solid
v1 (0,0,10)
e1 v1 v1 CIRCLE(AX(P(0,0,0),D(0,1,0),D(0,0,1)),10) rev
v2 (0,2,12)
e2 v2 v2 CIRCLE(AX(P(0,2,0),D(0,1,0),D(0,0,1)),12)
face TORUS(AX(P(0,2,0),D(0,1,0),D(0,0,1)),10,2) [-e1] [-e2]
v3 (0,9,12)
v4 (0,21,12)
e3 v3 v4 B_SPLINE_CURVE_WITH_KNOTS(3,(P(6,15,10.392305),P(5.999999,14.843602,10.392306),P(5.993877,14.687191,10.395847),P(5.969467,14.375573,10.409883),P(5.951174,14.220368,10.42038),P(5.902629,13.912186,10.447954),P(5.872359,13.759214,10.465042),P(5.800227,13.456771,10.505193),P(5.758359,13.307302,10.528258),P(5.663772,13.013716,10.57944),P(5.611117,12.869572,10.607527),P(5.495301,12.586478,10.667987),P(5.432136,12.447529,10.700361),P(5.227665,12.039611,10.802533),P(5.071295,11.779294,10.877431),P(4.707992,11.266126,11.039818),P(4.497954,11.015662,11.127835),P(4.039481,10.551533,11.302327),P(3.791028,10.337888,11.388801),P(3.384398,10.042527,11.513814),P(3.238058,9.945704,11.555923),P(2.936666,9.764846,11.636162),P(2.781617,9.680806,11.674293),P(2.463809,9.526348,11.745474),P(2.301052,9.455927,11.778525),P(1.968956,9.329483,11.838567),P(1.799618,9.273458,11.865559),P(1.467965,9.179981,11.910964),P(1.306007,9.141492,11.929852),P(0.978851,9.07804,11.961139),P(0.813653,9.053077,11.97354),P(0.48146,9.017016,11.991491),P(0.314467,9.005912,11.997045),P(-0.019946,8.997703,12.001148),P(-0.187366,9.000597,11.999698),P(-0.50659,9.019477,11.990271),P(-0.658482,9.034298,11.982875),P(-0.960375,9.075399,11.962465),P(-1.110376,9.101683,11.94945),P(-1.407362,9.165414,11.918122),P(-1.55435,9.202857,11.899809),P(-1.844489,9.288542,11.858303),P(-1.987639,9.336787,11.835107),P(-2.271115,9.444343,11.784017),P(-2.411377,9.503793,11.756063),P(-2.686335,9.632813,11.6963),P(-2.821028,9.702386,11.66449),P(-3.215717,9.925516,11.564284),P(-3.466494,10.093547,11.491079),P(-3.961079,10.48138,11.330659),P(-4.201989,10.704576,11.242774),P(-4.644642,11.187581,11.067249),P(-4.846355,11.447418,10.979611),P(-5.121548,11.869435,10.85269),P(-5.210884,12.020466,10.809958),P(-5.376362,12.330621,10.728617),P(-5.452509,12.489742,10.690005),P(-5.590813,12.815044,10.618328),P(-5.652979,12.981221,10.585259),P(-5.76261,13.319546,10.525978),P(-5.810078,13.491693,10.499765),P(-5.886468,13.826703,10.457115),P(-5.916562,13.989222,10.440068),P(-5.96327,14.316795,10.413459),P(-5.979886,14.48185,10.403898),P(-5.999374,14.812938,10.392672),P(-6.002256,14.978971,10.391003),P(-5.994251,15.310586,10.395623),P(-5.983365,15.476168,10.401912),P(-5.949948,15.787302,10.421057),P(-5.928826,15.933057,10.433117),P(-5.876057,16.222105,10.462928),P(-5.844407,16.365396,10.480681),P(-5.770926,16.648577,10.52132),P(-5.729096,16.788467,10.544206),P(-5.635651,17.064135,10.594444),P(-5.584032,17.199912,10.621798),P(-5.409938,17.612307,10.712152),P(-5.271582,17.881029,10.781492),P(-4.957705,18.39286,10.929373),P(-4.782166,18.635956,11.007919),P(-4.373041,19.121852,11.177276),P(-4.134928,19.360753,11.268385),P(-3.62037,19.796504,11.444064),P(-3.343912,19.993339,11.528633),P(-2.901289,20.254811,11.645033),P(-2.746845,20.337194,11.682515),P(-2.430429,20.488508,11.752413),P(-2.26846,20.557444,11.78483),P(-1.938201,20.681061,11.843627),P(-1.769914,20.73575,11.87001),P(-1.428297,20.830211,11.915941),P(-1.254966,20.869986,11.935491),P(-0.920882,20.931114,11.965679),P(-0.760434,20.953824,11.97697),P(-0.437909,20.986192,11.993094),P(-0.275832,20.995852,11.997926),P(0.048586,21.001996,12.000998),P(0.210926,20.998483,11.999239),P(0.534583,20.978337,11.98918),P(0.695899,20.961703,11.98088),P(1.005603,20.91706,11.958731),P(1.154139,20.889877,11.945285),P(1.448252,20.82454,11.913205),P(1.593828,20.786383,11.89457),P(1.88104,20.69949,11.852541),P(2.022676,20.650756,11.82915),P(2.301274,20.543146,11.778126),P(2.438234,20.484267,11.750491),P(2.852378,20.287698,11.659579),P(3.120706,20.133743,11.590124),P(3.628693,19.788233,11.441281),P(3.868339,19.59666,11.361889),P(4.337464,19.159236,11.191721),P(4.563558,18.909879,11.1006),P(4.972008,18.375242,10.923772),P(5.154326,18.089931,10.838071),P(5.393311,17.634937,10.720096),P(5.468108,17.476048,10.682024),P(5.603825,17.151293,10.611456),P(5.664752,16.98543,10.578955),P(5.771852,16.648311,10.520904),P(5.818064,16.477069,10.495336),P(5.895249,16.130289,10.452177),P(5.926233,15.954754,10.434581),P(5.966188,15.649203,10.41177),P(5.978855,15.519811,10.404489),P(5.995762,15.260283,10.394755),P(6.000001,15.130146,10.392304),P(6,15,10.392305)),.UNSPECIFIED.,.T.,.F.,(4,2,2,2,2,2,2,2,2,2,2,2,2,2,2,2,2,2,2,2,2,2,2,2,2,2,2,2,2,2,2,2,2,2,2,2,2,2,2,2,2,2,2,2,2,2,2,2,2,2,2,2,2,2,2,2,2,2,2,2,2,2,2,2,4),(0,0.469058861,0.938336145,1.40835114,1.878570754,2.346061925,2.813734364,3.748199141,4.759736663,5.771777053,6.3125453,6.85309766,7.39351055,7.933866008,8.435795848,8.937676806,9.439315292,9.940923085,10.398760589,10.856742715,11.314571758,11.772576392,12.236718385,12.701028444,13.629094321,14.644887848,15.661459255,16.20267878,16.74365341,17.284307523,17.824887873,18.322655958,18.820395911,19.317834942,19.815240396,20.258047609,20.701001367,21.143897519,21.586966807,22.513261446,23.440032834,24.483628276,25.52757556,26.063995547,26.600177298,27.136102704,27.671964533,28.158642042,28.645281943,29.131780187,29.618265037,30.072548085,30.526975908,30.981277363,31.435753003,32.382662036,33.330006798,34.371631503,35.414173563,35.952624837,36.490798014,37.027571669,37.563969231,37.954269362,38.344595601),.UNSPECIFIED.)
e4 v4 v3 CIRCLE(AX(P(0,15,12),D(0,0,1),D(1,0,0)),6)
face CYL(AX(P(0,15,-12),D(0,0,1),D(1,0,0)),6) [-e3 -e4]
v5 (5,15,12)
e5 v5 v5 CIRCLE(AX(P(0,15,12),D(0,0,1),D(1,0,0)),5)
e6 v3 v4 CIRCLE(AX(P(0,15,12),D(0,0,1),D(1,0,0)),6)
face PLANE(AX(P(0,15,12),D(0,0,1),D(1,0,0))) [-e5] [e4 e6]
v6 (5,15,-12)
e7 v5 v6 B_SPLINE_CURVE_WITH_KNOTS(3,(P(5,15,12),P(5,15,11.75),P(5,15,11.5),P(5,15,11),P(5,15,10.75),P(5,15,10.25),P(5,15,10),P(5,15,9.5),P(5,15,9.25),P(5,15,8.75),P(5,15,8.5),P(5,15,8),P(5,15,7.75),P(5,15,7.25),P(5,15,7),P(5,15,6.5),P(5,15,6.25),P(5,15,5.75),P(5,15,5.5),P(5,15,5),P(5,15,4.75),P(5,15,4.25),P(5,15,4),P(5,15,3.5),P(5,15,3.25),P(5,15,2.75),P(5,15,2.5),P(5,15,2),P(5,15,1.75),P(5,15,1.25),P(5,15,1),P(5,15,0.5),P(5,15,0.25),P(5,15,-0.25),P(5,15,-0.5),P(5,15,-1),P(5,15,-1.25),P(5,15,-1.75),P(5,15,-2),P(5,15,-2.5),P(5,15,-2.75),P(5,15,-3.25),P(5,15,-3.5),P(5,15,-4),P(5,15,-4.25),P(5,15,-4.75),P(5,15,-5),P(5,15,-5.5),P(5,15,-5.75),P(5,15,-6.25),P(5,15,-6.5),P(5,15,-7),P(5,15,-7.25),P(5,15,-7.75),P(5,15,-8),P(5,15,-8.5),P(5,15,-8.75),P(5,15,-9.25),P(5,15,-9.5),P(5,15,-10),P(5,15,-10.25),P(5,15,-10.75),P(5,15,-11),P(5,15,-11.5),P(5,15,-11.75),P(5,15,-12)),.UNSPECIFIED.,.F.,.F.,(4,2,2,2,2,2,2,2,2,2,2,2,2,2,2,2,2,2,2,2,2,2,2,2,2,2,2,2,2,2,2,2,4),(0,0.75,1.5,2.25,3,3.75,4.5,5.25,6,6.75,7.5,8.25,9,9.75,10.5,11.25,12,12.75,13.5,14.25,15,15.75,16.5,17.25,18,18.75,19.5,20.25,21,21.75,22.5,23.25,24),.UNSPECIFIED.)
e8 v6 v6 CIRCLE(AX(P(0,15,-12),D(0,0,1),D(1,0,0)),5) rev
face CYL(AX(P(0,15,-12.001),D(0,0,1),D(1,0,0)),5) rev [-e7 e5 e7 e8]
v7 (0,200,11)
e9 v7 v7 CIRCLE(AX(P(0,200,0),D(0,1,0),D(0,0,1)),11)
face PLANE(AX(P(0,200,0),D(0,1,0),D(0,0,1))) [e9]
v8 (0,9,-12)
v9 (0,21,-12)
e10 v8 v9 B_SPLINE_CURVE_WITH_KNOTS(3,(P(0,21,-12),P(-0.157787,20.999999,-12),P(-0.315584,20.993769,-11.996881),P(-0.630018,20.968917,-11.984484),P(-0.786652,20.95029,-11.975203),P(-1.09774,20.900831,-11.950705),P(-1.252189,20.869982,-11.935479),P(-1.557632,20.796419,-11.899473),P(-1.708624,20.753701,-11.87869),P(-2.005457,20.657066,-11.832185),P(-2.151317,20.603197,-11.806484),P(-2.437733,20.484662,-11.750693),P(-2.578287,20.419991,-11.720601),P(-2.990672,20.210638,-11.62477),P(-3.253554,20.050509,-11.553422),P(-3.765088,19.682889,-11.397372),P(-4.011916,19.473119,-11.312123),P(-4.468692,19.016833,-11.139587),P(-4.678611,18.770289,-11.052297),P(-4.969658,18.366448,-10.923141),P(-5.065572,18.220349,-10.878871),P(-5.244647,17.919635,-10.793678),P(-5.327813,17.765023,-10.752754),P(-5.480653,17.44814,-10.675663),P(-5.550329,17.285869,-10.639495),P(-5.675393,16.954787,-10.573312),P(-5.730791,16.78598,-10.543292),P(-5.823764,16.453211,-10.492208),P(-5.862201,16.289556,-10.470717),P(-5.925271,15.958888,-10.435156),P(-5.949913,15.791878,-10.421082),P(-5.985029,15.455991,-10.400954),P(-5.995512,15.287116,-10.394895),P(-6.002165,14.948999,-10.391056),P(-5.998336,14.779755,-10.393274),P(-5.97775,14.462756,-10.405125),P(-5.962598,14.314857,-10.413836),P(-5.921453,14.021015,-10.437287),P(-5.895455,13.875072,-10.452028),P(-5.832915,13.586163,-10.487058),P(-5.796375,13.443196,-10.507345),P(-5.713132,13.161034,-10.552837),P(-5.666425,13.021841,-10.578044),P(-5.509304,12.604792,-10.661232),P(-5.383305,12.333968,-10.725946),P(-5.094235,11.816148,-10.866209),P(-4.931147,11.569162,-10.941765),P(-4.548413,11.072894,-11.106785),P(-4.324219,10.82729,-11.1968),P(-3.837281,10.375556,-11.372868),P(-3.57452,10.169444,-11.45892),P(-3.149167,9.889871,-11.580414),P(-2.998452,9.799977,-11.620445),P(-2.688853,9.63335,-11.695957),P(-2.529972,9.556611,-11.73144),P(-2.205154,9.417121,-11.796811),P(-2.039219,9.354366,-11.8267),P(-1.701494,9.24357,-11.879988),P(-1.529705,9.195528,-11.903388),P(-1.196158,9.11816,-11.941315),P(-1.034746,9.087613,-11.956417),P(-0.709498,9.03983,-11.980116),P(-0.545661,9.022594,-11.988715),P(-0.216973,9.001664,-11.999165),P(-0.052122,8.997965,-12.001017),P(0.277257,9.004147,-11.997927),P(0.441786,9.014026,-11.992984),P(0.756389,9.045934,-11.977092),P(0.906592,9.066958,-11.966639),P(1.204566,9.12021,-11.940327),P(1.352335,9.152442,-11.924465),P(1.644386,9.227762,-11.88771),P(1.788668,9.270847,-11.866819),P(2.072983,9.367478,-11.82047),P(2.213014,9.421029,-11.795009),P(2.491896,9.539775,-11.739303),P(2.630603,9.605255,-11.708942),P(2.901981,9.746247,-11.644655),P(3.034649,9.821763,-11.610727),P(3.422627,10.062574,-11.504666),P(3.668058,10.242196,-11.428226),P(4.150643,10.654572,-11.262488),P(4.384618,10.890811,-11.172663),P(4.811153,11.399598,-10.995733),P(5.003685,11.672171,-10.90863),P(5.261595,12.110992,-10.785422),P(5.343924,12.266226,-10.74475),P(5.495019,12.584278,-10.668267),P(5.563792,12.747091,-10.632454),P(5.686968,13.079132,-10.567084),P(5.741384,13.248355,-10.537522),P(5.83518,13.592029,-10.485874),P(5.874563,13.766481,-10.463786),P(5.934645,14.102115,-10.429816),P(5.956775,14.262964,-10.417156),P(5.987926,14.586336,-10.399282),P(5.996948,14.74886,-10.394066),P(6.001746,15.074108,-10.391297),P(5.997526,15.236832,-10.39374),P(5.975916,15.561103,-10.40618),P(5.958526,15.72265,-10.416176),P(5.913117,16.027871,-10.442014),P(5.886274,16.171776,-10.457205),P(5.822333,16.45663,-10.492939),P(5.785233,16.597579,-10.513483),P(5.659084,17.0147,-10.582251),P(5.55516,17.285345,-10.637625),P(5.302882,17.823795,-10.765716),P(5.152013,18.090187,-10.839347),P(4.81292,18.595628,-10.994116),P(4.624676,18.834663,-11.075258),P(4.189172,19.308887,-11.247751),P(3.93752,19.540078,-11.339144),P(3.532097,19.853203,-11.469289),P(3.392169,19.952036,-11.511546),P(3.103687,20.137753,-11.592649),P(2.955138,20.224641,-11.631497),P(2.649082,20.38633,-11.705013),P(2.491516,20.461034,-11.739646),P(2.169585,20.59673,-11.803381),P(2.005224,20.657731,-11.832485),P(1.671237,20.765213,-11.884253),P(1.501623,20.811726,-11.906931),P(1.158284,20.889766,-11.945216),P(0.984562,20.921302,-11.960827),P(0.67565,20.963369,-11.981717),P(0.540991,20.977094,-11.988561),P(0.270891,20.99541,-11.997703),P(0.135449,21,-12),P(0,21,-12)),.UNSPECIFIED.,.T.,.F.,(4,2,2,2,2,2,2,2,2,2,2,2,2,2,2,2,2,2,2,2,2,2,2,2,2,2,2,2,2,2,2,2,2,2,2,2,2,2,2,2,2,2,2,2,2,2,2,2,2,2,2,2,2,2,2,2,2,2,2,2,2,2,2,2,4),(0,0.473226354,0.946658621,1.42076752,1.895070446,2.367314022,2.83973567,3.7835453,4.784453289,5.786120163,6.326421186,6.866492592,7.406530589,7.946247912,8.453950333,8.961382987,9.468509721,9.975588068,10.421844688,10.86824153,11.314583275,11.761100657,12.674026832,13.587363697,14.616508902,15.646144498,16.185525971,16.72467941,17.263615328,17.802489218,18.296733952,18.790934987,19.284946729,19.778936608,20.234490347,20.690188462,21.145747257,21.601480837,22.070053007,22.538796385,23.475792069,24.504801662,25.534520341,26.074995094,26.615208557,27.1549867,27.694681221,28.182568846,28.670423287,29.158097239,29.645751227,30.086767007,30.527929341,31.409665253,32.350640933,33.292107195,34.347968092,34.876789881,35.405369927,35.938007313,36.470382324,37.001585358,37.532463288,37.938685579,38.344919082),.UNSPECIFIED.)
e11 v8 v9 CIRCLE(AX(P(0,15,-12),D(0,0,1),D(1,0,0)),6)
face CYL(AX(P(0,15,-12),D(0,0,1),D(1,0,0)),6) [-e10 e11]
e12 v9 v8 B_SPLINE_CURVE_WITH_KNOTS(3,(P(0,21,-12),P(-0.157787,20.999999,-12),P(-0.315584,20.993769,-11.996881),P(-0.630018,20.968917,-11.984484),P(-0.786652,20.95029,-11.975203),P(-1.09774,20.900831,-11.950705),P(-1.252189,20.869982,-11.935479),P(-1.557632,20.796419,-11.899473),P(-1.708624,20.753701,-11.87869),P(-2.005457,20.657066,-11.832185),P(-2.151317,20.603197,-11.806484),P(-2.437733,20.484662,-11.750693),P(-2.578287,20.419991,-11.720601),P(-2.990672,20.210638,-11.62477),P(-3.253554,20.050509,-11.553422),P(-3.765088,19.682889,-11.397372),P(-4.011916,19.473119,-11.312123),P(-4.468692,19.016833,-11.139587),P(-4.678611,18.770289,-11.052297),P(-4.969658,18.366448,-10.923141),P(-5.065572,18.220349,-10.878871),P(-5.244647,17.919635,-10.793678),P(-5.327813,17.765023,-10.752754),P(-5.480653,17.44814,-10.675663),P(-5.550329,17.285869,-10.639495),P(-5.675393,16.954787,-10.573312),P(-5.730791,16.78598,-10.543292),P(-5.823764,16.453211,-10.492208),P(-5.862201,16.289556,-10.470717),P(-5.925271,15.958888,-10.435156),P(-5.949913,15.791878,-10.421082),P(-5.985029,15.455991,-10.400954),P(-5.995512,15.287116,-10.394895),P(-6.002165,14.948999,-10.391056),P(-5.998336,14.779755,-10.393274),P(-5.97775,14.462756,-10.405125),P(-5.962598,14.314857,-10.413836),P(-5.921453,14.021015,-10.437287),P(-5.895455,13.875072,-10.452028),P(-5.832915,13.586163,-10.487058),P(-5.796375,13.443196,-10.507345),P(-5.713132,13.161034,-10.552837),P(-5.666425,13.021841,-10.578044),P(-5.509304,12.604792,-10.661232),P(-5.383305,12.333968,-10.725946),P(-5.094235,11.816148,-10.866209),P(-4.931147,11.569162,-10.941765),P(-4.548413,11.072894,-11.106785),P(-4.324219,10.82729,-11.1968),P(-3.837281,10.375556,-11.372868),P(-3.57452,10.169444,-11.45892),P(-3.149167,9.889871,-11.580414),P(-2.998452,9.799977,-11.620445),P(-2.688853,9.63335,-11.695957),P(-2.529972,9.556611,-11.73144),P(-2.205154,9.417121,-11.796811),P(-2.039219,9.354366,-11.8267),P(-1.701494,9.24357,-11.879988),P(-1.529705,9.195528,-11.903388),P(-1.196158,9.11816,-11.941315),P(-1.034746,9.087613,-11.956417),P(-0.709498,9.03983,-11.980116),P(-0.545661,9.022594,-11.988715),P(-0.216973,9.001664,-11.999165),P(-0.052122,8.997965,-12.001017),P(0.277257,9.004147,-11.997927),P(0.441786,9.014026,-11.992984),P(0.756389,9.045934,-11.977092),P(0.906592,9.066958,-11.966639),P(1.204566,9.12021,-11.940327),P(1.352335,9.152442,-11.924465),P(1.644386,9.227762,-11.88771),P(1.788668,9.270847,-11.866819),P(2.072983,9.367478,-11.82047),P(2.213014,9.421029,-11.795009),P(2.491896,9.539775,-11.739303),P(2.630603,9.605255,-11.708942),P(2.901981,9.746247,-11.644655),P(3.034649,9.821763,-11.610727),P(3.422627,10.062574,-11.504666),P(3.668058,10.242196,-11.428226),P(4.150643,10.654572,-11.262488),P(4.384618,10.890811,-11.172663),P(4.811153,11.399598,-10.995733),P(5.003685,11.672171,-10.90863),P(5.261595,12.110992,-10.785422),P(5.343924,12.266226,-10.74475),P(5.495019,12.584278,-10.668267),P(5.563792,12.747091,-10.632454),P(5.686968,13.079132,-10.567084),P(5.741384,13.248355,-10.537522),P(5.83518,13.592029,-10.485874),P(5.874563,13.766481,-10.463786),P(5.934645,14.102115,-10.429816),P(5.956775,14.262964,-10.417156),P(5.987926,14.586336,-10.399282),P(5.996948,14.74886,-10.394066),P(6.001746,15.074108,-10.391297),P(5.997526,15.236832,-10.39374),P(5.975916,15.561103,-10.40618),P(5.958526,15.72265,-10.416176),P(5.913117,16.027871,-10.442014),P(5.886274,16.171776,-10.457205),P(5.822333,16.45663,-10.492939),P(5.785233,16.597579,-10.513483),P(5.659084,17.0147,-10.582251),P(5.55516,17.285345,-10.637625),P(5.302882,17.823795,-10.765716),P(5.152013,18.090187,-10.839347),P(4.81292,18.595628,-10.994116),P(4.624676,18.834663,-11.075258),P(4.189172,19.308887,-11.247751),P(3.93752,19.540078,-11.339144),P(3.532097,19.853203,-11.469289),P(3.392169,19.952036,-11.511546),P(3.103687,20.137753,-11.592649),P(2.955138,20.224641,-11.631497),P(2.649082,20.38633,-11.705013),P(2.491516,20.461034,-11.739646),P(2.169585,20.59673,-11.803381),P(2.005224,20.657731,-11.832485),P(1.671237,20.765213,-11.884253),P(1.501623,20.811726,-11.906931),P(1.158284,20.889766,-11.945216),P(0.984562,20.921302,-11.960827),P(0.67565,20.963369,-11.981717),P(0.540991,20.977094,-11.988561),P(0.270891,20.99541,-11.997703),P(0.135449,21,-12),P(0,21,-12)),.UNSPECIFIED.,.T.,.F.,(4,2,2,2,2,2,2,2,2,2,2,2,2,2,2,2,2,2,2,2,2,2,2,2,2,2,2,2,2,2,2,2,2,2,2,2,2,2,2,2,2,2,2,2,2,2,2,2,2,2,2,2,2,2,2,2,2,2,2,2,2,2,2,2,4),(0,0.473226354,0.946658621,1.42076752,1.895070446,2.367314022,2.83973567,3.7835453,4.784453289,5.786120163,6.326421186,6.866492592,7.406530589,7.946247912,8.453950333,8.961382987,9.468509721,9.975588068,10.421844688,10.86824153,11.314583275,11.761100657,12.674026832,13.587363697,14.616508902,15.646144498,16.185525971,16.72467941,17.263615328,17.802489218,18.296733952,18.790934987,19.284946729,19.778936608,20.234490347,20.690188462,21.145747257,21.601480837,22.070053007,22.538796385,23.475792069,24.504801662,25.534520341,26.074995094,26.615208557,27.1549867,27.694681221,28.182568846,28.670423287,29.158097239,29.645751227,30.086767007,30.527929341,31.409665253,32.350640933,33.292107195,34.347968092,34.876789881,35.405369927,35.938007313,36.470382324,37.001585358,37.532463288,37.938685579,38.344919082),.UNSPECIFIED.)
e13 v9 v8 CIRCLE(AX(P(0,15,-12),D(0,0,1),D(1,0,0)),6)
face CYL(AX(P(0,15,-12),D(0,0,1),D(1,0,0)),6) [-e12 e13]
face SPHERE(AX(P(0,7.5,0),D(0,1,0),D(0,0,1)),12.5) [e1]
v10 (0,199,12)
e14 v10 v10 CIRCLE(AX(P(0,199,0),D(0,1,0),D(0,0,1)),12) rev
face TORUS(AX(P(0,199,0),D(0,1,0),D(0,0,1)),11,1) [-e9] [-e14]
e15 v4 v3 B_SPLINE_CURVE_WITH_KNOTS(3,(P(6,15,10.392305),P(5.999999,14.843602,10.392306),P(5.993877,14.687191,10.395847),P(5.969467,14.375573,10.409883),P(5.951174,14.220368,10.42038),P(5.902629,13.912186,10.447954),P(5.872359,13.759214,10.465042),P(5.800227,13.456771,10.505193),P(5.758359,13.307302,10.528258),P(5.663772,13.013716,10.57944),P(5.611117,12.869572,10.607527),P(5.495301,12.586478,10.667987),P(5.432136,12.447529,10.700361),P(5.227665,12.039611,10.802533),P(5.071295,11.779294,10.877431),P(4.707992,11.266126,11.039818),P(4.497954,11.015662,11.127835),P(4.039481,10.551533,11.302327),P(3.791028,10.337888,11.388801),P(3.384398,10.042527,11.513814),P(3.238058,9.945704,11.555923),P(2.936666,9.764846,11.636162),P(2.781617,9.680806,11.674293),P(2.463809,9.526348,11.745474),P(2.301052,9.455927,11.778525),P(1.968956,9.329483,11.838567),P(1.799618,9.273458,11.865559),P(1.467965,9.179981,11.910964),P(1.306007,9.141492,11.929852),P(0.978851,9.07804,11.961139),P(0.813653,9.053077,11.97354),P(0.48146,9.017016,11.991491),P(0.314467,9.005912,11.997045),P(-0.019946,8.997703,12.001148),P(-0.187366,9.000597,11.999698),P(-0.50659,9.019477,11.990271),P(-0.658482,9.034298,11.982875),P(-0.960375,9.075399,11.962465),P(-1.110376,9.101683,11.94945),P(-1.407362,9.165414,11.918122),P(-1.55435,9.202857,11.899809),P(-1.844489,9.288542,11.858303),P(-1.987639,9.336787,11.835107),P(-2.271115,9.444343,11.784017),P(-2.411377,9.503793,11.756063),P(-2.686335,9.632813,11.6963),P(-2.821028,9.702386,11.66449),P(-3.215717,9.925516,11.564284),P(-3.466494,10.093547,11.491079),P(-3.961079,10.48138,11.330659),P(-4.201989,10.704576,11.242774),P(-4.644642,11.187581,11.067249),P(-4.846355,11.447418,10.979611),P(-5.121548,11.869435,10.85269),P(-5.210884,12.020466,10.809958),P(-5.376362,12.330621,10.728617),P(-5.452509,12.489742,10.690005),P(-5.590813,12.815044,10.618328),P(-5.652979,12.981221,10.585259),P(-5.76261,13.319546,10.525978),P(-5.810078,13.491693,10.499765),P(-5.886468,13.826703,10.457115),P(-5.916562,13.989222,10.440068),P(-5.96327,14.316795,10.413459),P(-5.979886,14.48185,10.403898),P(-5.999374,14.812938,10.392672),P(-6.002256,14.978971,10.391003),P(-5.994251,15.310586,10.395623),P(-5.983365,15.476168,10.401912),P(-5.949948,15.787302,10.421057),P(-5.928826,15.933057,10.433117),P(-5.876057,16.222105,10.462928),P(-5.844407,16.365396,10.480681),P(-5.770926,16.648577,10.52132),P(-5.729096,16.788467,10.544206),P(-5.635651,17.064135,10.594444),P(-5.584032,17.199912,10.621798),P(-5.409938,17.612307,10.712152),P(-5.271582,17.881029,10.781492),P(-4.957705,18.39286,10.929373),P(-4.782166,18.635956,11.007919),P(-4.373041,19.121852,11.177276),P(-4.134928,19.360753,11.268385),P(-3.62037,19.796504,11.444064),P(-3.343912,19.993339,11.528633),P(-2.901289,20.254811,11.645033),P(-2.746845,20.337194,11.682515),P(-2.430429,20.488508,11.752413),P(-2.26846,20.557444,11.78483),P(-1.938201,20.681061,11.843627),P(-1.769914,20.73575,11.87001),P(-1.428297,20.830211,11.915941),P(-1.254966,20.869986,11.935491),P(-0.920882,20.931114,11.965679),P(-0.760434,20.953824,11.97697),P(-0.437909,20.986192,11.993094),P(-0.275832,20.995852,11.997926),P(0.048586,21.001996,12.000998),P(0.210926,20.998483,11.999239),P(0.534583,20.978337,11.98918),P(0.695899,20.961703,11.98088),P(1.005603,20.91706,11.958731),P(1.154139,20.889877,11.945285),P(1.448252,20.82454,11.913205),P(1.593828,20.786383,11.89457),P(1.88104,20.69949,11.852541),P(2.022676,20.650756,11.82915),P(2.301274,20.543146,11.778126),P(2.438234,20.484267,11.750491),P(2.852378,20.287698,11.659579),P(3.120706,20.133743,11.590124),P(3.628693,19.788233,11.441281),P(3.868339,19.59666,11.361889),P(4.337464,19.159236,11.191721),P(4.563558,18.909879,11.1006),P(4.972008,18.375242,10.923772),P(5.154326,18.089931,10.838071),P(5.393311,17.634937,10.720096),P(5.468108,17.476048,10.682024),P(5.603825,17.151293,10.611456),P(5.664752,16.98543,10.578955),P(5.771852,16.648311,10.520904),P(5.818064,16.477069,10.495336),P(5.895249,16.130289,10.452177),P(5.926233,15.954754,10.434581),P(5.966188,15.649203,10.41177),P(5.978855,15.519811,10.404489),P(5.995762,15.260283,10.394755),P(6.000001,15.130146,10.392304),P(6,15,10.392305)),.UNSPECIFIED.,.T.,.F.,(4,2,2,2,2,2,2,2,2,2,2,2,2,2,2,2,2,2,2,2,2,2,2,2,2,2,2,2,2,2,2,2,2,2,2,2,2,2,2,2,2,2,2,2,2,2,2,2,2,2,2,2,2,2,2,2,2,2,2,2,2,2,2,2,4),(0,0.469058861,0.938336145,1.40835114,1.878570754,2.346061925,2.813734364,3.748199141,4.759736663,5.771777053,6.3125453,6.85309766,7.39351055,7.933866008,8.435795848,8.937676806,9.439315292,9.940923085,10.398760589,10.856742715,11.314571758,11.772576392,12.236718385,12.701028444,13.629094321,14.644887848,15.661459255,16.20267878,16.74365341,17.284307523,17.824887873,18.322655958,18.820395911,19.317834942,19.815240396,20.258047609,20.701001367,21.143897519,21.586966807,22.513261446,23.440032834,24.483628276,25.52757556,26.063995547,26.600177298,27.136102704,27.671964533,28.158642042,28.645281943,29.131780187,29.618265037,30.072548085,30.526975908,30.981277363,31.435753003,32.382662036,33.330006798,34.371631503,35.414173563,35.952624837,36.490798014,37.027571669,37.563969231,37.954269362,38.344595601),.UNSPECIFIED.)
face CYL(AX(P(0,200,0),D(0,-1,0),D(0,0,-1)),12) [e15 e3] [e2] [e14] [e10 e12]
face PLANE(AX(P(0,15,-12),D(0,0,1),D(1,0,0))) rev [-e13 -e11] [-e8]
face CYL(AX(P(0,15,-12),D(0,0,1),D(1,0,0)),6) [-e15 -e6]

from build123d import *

# Parameters (mm, degrees)
SKETCH_1_R          = 12
EXTRUDE_1_DEPTH     = 200
EXTRUDE_START       = -24
SKETCH_2_R          = 6
EXTRUDE_2_DEPTH     = 24
CUT_EXTRUDE_1_REACH = 203.792
SKETCH_3_R          = 5
FILLET_1_R          = 2
FILLET_2_R          = 1
DOME_1_FACE_RADIUS  = 10
DOME_1_HEIGHT       = 5


with BuildPart() as part:
    # 스케치1 → 보스-돌출1 (new body)
    with BuildSketch(Plane(origin=(0, 0, 0), x_dir=(1, 0, 0), z_dir=(0, 1, 0))):
        with Locations(Location((0, 0, 0), (0, 0, 270))):
            Circle(SKETCH_1_R)
    extrude(amount=EXTRUDE_1_DEPTH)

    # 스케치2 → 보스-돌출2 (add)
    with BuildSketch(Plane.XY.offset(12).offset(EXTRUDE_START)):
        with Locations((0, 15)):
            Circle(SKETCH_2_R)
    extrude(amount=EXTRUDE_2_DEPTH)

    # 스케치3 → 컷-돌출1 (cut, up to next)
    with BuildSketch(Plane.XY.offset(12), mode=Mode.PRIVATE) as cut_extrude_1_sk1:
        with Locations((0, 15)):
            Circle(SKETCH_3_R)
    cut_extrude_1_tool1 = extrude(cut_extrude_1_sk1.sketch, amount=-CUT_EXTRUDE_1_REACH, mode=Mode.PRIVATE) & part.part
    add(cut_extrude_1_tool1.solids().sort_by_distance((0, 15, 12))[0], mode=Mode.SUBTRACT)

    # 필렛1
    fillet_1_edges = [part.edges().sort_by_distance(p)[0] for p in [
        (0, 0, -12),
    ]]
    fillet(fillet_1_edges, radius=FILLET_1_R)

    # 필렛2
    fillet_2_edges = [part.edges().sort_by_distance(p)[0] for p in [
        (0, 200, -12),
    ]]
    fillet(fillet_2_edges, radius=FILLET_2_R)

    # 돔1: a dome of height H over a round flat face of radius A is a cap of a sphere of radius (A * A + H * H) / (2 * H)
    dome_1_r = (DOME_1_FACE_RADIUS * DOME_1_FACE_RADIUS + DOME_1_HEIGHT * DOME_1_HEIGHT) / (2 * DOME_1_HEIGHT)
    dome_1_base = Plane((0, 0, 0), z_dir=(0, -1, 0))
    with Locations(dome_1_base.offset(DOME_1_HEIGHT - dome_1_r)):
        dome_1_ball = Sphere(dome_1_r, mode=Mode.PRIVATE)
    add(split(dome_1_ball, bisect_by=dome_1_base, keep=Keep.TOP, mode=Mode.PRIVATE))


solid = part.part
